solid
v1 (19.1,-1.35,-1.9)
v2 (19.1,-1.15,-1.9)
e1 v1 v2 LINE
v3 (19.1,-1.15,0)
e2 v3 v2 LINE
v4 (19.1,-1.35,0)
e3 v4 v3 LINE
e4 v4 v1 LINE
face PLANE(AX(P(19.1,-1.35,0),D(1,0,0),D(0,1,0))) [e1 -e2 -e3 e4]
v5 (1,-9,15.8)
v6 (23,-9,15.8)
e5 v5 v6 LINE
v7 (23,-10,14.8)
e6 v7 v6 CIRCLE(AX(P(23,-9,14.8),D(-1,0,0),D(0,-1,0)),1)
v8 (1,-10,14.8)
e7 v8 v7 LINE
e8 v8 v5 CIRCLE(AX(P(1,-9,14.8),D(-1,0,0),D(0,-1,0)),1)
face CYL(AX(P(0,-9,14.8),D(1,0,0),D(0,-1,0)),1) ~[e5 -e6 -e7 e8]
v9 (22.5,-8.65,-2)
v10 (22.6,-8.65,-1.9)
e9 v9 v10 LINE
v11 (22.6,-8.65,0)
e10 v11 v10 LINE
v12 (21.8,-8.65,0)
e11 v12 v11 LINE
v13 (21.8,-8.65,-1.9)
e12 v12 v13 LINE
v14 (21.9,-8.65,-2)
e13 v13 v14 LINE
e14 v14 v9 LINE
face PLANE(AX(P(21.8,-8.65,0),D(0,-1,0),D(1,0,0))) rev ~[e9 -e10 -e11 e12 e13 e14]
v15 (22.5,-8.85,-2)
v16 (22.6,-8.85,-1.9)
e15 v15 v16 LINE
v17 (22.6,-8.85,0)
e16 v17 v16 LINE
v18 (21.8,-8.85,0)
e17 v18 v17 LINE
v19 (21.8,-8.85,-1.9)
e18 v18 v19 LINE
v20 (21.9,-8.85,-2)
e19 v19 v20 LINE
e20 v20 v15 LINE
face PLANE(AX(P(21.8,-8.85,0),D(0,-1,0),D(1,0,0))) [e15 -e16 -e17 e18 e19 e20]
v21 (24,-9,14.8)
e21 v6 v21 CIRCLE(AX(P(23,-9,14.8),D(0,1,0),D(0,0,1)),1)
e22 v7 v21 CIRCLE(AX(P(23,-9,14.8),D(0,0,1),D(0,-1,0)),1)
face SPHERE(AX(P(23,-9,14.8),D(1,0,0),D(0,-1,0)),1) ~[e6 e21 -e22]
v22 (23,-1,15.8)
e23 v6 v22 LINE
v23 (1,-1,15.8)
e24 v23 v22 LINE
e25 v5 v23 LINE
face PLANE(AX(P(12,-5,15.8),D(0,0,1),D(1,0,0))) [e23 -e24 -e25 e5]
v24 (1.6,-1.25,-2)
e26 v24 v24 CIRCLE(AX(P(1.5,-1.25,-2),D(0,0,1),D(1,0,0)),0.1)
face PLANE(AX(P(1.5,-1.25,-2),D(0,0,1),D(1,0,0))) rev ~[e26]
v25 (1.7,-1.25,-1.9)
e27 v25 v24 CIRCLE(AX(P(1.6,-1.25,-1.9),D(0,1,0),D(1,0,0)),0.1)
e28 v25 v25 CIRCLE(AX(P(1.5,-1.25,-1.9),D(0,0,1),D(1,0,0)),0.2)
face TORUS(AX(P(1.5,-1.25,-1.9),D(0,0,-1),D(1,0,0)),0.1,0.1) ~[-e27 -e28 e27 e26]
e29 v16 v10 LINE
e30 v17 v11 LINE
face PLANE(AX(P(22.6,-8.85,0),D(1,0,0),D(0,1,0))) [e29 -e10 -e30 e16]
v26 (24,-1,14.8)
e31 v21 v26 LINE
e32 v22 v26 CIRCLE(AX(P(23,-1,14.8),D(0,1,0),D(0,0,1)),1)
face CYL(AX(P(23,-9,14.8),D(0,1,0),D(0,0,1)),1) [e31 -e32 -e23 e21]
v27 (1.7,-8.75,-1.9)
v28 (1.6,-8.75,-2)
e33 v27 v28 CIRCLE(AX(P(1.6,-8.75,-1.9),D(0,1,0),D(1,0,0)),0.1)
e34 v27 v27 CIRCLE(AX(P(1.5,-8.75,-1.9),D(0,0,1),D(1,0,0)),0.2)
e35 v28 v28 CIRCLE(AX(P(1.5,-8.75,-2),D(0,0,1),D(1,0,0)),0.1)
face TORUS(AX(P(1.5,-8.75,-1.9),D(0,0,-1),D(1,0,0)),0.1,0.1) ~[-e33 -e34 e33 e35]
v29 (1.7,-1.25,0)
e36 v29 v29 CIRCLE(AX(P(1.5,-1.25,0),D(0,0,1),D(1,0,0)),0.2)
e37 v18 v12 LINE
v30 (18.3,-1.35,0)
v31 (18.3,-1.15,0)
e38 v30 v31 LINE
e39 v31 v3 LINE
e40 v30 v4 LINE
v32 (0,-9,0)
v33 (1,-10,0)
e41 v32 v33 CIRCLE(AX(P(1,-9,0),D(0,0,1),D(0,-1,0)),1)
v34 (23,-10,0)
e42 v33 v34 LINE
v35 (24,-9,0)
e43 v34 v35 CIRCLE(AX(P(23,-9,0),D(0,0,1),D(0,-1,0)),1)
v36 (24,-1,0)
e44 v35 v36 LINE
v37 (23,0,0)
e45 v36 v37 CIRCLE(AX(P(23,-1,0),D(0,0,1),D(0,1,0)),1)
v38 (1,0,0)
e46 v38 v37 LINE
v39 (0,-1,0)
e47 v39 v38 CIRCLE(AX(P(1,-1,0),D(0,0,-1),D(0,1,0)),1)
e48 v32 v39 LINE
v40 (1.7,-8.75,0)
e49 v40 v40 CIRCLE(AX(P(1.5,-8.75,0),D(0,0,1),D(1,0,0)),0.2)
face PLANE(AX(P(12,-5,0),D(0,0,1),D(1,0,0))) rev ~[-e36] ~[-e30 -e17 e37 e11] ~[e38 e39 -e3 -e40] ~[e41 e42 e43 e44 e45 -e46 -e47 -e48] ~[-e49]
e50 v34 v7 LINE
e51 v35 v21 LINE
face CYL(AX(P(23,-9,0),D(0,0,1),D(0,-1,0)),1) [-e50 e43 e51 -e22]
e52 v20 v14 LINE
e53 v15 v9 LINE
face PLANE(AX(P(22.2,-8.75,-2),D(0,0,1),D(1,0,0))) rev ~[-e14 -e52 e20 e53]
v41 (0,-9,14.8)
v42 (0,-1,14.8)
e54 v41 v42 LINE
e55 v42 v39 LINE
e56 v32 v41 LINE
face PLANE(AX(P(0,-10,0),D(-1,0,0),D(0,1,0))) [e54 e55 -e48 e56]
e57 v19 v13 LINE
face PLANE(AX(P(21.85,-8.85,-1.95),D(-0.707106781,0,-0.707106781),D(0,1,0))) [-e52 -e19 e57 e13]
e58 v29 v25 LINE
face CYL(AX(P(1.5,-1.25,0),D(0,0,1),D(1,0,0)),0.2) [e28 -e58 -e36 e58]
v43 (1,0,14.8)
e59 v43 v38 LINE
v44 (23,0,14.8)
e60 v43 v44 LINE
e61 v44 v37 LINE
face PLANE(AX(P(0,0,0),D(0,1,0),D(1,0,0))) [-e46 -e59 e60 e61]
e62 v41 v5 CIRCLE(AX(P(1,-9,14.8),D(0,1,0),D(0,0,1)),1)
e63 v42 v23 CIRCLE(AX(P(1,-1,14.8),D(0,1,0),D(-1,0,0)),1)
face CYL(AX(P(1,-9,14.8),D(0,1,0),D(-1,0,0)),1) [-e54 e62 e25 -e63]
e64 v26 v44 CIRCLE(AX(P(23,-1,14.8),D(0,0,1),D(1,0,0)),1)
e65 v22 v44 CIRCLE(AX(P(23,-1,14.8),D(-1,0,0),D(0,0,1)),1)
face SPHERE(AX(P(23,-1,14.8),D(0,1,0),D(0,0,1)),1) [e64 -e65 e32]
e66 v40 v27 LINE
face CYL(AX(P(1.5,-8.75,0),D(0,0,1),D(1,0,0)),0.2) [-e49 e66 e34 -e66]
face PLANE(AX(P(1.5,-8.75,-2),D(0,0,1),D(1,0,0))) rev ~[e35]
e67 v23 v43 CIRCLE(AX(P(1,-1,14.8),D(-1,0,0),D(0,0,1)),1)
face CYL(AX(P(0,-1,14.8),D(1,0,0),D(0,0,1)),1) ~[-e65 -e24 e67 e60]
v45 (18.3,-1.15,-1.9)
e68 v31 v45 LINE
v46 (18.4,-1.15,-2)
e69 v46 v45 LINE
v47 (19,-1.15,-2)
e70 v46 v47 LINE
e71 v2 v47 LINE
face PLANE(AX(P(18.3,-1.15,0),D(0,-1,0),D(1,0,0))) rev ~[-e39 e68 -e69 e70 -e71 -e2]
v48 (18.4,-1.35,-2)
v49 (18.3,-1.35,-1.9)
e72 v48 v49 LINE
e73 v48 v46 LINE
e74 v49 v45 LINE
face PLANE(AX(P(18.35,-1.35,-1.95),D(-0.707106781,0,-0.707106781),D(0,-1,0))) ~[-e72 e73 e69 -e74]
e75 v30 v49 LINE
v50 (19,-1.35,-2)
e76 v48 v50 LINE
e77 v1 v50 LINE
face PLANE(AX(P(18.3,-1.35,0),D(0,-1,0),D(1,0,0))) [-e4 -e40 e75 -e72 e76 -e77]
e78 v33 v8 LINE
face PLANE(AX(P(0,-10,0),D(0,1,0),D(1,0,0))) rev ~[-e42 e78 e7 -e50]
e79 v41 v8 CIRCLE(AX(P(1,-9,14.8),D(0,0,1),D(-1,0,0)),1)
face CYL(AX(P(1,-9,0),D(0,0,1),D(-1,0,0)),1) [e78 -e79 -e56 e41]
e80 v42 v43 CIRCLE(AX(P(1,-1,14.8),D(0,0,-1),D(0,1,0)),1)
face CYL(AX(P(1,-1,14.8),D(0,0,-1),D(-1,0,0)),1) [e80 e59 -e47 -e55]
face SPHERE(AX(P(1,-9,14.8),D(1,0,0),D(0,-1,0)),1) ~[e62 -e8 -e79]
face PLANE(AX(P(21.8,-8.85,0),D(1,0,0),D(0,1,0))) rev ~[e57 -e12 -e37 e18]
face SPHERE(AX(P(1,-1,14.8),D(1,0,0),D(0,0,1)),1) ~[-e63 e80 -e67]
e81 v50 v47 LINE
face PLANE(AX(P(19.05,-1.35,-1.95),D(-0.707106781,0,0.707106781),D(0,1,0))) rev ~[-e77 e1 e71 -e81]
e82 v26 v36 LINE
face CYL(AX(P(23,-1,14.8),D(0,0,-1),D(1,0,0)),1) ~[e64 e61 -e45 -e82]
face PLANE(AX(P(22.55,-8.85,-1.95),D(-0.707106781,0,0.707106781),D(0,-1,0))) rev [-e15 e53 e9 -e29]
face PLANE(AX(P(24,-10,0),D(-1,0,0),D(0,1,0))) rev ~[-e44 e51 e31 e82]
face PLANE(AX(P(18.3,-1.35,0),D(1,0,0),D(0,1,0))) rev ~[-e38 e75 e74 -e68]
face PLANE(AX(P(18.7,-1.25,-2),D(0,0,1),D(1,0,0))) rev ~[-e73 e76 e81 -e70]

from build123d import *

# Parameters (mm, degrees)
SKETCH_W        = 24
SKETCH_H        = 10
PAD_DEPTH       = 15.8
SKETCH001_R     = 0.2
SKETCH001_W     = 0.8
SKETCH001_H     = 0.2
PAD001_DEPTH    = 2
FILLET_R        = 1
FILLET001_R     = 1
FILLET002_R     = 1
FILLET003_R     = 1
CHAMFER_SIZE    = 0.1
CHAMFER001_SIZE = 0.1
CHAMFER002_SIZE = 0.1
CHAMFER003_SIZE = 0.1
FILLET004_R     = 0.1


with BuildPart() as part:
    # Sketch → Pad (new body)
    with BuildSketch(Plane.XY):
        with Locations((12, -5)):
            Rectangle(SKETCH_W, SKETCH_H)
    extrude(amount=PAD_DEPTH)

    # Sketch001 → Pad001 (join)
    with BuildSketch(Plane.XY):
        with Locations((1.5, -1.25)):
            Circle(SKETCH001_R)
        with Locations((1.5, -8.75)):
            Circle(SKETCH001_R)
        with Locations((18.7, -1.25)):
            Rectangle(SKETCH001_W, SKETCH001_H)
        with Locations((22.2, -8.75)):
            Rectangle(SKETCH001_W, SKETCH001_H)
    extrude(amount=-PAD001_DEPTH)

    # Fillet
    fillet_edges = [part.edges().sort_by_distance(p)[0] for p in [
        (12, -10, 15.8),
    ]]
    fillet(fillet_edges, radius=FILLET_R)

    # Fillet001
    fillet001_edges = [part.edges().sort_by_distance(p)[0] for p in [
        (24, -4.5, 15.8),
    ]]
    fillet(fillet001_edges, radius=FILLET001_R)

    # Fillet002
    fillet002_edges = [part.edges().sort_by_distance(p)[0] for p in [
        (11.5, 0, 15.8),
    ]]
    fillet(fillet002_edges, radius=FILLET002_R)

    # Fillet003
    fillet003_edges = [part.edges().sort_by_distance(p)[0] for p in [
        (0, -5, 15.8),
    ]]
    fillet(fillet003_edges, radius=FILLET003_R)

    # Chamfer
    chamfer_edges = [part.edges().sort_by_distance(p)[0] for p in [
        (19.1, -1.25, -2),
    ]]
    chamfer(chamfer_edges, length=CHAMFER_SIZE)

    # Chamfer001
    chamfer001_edges = [part.edges().sort_by_distance(p)[0] for p in [
        (18.3, -1.25, -2),
    ]]
    chamfer(chamfer001_edges, length=CHAMFER001_SIZE)

    # Chamfer002
    chamfer002_edges = [part.edges().sort_by_distance(p)[0] for p in [
        (21.8, -8.75, -2),
    ]]
    chamfer(chamfer002_edges, length=CHAMFER002_SIZE)

    # Chamfer003
    chamfer003_edges = [part.edges().sort_by_distance(p)[0] for p in [
        (22.6, -8.75, -2),
    ]]
    chamfer(chamfer003_edges, length=CHAMFER003_SIZE)

    # Fillet004
    fillet004_edges = [part.edges().sort_by_distance(p)[0] for p in [
        (1.3, -8.75, -2),
        (1.3, -1.25, -2),
    ]]
    fillet(fillet004_edges, radius=FILLET004_R)


solid = part.part
